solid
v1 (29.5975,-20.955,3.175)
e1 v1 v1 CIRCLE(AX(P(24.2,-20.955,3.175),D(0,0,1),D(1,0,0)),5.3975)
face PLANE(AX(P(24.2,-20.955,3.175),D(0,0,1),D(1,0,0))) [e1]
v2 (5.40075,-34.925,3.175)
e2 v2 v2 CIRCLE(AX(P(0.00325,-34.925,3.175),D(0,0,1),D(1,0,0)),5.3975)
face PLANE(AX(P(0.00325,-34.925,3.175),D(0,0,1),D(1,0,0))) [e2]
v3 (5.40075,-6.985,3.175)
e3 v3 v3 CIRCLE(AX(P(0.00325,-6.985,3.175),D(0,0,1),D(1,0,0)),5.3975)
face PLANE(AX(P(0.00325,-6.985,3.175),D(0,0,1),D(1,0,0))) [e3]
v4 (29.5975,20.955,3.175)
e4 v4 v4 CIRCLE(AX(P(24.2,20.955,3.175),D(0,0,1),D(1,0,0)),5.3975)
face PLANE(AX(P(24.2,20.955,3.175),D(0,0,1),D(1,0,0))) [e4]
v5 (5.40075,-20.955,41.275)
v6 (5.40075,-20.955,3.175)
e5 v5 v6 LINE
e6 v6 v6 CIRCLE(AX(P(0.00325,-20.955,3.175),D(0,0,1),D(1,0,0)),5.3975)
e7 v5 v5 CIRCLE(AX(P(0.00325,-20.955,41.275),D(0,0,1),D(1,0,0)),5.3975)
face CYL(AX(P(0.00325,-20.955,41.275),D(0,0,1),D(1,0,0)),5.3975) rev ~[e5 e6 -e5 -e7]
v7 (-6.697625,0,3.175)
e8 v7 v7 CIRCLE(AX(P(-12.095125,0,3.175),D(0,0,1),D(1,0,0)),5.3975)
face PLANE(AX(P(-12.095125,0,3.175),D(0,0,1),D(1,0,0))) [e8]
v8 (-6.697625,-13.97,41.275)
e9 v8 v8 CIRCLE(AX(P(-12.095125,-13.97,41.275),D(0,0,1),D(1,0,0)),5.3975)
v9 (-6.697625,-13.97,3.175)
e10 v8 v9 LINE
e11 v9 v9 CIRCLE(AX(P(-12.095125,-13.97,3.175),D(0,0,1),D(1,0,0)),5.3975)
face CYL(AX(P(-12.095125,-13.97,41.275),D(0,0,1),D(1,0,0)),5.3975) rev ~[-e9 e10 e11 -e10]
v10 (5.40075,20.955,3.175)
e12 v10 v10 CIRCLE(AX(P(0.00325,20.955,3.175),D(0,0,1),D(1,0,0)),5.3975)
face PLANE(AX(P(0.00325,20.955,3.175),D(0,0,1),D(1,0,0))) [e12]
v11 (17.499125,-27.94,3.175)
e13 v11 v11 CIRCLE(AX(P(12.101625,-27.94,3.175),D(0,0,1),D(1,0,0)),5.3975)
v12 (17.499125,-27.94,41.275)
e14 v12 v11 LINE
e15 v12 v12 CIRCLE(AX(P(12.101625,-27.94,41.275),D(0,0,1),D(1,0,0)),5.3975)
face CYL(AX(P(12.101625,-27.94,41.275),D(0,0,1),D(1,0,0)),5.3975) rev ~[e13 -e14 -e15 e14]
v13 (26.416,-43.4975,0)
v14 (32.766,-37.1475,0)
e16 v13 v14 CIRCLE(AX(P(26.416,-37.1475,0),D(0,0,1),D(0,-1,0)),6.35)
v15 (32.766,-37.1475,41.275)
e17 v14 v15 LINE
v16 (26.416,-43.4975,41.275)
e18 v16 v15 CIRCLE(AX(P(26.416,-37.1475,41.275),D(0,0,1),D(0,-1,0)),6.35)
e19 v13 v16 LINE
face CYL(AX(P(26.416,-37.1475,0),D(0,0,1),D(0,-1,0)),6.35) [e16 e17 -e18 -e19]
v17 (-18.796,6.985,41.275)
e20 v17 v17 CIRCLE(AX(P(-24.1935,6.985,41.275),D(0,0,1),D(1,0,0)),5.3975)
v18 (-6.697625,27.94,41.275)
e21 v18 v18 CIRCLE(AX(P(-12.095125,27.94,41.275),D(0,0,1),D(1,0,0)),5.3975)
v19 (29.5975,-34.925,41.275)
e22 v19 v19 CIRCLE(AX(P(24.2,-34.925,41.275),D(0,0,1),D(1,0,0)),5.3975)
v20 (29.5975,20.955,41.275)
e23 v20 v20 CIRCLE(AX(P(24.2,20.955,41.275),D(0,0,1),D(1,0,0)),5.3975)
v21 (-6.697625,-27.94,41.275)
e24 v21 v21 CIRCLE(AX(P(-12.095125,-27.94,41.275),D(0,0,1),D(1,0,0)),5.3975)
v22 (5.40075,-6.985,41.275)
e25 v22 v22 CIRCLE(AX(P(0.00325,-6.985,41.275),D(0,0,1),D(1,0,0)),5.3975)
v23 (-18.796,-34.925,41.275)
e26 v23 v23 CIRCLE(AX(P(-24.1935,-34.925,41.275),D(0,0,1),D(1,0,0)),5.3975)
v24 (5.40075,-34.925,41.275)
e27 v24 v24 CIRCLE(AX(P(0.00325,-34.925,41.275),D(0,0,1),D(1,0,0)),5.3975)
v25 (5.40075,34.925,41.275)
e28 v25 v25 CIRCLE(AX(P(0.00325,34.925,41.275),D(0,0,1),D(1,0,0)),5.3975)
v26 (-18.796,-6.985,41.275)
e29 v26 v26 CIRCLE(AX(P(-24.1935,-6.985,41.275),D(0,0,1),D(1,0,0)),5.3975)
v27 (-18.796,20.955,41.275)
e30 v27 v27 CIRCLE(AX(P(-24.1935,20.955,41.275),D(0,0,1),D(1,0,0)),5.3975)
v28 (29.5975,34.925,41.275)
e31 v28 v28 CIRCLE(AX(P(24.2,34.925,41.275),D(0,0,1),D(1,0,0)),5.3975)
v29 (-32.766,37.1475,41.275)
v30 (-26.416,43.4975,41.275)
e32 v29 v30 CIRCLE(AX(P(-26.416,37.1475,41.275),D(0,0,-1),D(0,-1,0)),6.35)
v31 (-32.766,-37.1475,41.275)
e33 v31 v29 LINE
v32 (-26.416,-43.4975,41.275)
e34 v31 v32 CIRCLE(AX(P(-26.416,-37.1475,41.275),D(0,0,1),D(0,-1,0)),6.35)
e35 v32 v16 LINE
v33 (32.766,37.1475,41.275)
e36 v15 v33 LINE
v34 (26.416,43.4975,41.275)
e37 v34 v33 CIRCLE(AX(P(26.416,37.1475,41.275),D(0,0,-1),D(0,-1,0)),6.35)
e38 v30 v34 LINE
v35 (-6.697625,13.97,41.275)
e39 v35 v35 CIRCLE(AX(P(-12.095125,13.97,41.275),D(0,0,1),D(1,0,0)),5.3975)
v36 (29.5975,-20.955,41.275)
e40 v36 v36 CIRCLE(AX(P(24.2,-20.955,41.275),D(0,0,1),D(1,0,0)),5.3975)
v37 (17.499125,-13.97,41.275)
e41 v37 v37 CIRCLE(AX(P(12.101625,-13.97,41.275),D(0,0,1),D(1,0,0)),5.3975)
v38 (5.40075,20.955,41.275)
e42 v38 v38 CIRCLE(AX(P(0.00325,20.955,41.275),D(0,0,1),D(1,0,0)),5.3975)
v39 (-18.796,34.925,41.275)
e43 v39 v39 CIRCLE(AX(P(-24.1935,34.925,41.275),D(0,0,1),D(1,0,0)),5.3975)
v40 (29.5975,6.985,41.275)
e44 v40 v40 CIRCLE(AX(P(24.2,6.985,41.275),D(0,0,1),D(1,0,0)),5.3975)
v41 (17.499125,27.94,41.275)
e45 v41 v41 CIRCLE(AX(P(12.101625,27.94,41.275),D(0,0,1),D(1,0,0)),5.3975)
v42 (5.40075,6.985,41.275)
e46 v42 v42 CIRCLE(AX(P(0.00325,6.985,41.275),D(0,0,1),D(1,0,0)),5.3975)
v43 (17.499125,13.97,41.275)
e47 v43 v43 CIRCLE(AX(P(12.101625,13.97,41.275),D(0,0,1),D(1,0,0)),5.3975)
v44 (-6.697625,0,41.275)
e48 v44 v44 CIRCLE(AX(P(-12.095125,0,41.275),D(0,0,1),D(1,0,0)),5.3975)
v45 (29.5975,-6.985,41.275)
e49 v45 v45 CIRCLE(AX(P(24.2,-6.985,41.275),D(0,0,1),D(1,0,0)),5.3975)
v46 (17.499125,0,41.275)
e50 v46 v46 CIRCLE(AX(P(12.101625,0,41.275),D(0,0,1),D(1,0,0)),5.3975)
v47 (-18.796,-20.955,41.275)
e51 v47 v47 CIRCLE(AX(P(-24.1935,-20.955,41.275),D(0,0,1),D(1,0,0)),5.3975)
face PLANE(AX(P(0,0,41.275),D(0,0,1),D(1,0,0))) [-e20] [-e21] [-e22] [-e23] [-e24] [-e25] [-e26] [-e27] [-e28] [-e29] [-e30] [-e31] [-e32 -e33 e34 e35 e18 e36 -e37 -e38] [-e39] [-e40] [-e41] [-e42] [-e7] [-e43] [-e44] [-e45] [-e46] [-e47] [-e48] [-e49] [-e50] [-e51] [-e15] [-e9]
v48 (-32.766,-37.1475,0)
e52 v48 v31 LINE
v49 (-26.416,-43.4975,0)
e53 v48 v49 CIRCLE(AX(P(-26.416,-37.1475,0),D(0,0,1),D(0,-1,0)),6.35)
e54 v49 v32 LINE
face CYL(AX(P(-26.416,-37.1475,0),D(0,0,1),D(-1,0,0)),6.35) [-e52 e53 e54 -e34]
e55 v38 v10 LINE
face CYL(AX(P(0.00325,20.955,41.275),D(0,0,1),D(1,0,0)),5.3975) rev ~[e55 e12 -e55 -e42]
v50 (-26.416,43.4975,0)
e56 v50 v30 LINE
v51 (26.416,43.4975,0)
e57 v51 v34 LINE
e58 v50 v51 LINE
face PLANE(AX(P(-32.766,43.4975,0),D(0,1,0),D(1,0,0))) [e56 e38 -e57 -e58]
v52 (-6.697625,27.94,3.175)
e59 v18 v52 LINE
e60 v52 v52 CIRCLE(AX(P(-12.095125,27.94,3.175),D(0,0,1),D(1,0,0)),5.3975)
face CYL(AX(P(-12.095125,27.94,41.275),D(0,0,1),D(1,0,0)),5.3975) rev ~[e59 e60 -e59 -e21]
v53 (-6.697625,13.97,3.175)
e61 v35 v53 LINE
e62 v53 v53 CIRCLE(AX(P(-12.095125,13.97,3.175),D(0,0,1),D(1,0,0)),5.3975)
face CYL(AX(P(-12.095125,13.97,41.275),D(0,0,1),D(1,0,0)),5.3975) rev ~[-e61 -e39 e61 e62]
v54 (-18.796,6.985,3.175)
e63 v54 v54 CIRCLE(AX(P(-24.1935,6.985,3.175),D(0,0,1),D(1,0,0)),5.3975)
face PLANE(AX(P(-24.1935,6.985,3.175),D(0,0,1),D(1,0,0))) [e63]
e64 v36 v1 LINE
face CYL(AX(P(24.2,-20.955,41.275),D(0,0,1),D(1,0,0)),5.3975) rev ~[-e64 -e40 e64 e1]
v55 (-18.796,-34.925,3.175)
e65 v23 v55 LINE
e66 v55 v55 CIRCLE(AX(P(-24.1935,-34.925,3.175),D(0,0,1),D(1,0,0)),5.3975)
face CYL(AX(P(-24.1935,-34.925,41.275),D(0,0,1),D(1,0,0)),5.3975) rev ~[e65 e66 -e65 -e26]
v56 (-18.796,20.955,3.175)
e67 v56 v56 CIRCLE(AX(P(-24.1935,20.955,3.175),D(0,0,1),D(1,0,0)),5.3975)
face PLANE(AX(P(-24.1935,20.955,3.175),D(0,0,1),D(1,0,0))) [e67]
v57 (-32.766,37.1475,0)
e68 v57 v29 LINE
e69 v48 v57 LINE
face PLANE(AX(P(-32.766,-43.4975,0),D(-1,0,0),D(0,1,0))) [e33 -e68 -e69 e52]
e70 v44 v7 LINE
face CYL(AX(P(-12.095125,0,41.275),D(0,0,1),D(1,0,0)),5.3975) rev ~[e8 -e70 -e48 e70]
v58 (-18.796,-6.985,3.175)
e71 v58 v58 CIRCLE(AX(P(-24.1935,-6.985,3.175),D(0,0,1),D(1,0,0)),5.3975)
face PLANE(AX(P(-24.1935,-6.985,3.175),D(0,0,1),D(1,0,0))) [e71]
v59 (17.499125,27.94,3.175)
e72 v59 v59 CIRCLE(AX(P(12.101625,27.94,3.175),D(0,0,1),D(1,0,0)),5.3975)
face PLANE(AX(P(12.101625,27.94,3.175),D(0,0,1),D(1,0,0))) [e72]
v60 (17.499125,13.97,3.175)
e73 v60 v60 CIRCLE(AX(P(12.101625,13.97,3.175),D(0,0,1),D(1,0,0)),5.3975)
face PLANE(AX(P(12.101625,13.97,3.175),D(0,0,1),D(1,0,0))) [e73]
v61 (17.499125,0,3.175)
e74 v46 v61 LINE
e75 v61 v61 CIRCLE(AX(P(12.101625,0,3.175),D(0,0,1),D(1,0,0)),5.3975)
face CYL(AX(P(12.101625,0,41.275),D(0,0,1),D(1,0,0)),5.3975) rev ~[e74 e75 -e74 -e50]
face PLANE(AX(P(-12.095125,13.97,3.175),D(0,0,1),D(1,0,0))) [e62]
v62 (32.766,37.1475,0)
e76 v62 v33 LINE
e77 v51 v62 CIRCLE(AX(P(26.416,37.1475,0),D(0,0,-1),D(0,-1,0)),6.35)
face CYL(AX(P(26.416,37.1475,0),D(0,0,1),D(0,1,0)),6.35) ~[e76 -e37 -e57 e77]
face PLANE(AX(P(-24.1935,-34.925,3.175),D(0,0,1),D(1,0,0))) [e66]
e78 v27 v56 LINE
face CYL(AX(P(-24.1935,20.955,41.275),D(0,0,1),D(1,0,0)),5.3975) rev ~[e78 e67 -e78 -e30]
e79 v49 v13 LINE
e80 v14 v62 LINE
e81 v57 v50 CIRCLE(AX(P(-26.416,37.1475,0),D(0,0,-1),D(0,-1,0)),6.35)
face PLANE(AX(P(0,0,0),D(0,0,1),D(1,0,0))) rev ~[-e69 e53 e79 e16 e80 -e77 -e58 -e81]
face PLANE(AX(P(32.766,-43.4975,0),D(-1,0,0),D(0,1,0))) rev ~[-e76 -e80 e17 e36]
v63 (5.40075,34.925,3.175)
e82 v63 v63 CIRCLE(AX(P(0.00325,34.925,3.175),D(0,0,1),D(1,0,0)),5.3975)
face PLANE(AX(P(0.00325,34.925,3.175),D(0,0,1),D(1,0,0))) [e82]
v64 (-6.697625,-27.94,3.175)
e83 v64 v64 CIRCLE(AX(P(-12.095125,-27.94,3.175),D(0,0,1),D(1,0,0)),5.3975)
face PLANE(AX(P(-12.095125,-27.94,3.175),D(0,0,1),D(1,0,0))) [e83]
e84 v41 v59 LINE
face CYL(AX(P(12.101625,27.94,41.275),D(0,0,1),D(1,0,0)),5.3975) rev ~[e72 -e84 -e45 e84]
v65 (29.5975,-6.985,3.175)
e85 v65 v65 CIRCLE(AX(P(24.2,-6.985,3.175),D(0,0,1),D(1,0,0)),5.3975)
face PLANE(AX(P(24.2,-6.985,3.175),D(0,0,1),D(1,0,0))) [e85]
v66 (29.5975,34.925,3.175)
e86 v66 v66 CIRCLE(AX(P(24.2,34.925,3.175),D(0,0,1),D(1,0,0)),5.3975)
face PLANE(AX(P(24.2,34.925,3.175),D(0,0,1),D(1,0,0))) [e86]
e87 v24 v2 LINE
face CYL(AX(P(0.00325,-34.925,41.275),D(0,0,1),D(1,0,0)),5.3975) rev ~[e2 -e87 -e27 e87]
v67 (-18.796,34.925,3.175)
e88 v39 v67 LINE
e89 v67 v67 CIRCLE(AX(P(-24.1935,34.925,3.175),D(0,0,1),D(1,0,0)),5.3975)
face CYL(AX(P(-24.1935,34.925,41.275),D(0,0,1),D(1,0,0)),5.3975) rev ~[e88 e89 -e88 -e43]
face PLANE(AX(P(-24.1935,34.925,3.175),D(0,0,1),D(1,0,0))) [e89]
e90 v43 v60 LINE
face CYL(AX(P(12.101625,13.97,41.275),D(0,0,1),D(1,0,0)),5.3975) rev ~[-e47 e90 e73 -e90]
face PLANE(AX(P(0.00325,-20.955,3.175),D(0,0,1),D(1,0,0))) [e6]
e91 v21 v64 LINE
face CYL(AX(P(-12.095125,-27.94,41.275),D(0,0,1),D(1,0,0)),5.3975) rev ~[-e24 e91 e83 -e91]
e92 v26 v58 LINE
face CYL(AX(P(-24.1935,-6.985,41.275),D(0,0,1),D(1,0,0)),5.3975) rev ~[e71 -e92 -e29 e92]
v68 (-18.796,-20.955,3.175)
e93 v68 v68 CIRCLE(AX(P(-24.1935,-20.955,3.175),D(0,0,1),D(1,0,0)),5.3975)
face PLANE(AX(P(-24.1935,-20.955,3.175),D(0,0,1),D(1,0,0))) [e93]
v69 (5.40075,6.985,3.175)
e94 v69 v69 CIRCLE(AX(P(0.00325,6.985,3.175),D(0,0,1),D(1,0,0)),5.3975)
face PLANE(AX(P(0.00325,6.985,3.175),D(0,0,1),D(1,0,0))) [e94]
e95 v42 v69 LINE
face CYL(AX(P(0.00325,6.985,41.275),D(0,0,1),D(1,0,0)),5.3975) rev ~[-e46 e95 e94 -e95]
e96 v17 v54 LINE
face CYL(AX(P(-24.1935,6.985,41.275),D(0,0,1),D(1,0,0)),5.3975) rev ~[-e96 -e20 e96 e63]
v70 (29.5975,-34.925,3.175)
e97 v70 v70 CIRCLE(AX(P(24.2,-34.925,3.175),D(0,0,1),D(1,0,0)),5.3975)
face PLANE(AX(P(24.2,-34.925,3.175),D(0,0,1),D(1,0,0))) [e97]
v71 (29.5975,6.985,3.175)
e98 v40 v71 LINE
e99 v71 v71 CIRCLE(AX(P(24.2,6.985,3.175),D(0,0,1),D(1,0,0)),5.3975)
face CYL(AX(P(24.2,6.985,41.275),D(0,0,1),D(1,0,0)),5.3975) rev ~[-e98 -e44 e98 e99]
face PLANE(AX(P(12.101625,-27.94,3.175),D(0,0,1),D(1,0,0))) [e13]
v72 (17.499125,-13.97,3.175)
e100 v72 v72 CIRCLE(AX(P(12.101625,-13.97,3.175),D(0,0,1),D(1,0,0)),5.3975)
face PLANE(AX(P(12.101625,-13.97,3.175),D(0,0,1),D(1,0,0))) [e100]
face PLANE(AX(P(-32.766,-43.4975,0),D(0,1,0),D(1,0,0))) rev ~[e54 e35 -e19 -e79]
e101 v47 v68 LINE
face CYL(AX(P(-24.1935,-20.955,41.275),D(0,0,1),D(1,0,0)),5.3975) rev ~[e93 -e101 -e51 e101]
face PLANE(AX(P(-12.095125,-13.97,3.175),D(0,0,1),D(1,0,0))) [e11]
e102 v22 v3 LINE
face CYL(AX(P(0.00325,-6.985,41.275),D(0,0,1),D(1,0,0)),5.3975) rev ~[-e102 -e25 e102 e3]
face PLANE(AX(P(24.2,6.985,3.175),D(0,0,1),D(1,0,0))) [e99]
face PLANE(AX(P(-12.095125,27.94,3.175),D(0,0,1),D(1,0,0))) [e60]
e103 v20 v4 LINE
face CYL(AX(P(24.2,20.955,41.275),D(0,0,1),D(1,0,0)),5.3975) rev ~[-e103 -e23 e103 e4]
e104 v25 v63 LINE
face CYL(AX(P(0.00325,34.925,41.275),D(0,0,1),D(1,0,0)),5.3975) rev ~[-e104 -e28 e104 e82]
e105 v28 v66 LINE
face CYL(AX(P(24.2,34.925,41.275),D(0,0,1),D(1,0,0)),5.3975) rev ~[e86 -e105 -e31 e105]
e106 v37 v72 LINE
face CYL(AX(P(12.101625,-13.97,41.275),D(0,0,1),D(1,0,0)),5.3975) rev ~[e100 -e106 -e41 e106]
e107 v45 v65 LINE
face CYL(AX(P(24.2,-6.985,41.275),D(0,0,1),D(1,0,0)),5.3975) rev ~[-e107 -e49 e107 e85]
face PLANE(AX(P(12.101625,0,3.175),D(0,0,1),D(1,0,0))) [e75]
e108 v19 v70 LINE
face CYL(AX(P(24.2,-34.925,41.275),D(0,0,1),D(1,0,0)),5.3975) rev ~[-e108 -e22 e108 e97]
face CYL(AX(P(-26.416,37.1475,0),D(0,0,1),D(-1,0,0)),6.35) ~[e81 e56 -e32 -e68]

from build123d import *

# Parameters (mm, degrees)
F0_W     = 65.532
F0_H     = 86.995
F1_DEPTH = 41.275
F2_R     = 5.3975
F3_DEPTH = 38.1
F4_R     = 6.35


with BuildPart() as f1:
    # F0 (on Top) → F1 (new body)
    with BuildSketch(Plane.XY):
        Rectangle(F0_W, F0_H)
    extrude(amount=F1_DEPTH)

    # F2 (on face) → F3 (cut)
    with BuildSketch(Plane.XY.offset(41.275)):
        with Locations((-24.1935, 34.925)):
            Circle(F2_R)
        with Locations((-24.1935, 20.955)):
            Circle(F2_R)
        with Locations((-24.1935, 6.985)):
            Circle(F2_R)
        with Locations((-24.1935, -6.985)):
            Circle(F2_R)
        with Locations((-24.1935, -20.955)):
            Circle(F2_R)
        with Locations((-24.1935, -34.925)):
            Circle(F2_R)
        with Locations((-12.095125, 27.94)):
            Circle(F2_R)
        with Locations((-12.095125, 13.97)):
            Circle(F2_R)
        with Locations((-12.095125, 0)):
            Circle(F2_R)
        with Locations((-12.095125, -13.97)):
            Circle(F2_R)
        with Locations((-12.095125, -27.94)):
            Circle(F2_R)
        with Locations((12.101625, 0)):
            Circle(F2_R)
        with Locations((12.101625, 13.97)):
            Circle(F2_R)
        with Locations((12.101625, -13.97)):
            Circle(F2_R)
        with Locations((0.00325, 6.985)):
            Circle(F2_R)
        with Locations((0.00325, 20.955)):
            Circle(F2_R)
        with Locations((0.00325, 34.925)):
            Circle(F2_R)
        with Locations((12.101625, -27.94)):
            Circle(F2_R)
        with Locations((12.101625, 27.94)):
            Circle(F2_R)
        with Locations((0.00325, -6.985)):
            Circle(F2_R)
        with Locations((0.00325, -20.955)):
            Circle(F2_R)
        with Locations((0.00325, -34.925)):
            Circle(F2_R)
        with Locations((24.2, 6.985)):
            Circle(F2_R)
        with Locations((24.2, 20.955)):
            Circle(F2_R)
        with Locations((24.2, 34.925)):
            Circle(F2_R)
        with Locations((24.2, -6.985)):
            Circle(F2_R)
        with Locations((24.2, -20.955)):
            Circle(F2_R)
        with Locations((24.2, -34.925)):
            Circle(F2_R)
    extrude(amount=-F3_DEPTH, mode=Mode.SUBTRACT)

    # F4
    f4_edges = [f1.edges().sort_by_distance(p)[0] for p in [
        (-32.766, -43.4975, 20.6375),
        (32.766, -43.4975, 20.6375),
        (32.766, 43.4975, 20.6375),
        (-32.766, 43.4975, 20.6375),
    ]]
    fillet(f4_edges, radius=F4_R)


solid = f1.part
